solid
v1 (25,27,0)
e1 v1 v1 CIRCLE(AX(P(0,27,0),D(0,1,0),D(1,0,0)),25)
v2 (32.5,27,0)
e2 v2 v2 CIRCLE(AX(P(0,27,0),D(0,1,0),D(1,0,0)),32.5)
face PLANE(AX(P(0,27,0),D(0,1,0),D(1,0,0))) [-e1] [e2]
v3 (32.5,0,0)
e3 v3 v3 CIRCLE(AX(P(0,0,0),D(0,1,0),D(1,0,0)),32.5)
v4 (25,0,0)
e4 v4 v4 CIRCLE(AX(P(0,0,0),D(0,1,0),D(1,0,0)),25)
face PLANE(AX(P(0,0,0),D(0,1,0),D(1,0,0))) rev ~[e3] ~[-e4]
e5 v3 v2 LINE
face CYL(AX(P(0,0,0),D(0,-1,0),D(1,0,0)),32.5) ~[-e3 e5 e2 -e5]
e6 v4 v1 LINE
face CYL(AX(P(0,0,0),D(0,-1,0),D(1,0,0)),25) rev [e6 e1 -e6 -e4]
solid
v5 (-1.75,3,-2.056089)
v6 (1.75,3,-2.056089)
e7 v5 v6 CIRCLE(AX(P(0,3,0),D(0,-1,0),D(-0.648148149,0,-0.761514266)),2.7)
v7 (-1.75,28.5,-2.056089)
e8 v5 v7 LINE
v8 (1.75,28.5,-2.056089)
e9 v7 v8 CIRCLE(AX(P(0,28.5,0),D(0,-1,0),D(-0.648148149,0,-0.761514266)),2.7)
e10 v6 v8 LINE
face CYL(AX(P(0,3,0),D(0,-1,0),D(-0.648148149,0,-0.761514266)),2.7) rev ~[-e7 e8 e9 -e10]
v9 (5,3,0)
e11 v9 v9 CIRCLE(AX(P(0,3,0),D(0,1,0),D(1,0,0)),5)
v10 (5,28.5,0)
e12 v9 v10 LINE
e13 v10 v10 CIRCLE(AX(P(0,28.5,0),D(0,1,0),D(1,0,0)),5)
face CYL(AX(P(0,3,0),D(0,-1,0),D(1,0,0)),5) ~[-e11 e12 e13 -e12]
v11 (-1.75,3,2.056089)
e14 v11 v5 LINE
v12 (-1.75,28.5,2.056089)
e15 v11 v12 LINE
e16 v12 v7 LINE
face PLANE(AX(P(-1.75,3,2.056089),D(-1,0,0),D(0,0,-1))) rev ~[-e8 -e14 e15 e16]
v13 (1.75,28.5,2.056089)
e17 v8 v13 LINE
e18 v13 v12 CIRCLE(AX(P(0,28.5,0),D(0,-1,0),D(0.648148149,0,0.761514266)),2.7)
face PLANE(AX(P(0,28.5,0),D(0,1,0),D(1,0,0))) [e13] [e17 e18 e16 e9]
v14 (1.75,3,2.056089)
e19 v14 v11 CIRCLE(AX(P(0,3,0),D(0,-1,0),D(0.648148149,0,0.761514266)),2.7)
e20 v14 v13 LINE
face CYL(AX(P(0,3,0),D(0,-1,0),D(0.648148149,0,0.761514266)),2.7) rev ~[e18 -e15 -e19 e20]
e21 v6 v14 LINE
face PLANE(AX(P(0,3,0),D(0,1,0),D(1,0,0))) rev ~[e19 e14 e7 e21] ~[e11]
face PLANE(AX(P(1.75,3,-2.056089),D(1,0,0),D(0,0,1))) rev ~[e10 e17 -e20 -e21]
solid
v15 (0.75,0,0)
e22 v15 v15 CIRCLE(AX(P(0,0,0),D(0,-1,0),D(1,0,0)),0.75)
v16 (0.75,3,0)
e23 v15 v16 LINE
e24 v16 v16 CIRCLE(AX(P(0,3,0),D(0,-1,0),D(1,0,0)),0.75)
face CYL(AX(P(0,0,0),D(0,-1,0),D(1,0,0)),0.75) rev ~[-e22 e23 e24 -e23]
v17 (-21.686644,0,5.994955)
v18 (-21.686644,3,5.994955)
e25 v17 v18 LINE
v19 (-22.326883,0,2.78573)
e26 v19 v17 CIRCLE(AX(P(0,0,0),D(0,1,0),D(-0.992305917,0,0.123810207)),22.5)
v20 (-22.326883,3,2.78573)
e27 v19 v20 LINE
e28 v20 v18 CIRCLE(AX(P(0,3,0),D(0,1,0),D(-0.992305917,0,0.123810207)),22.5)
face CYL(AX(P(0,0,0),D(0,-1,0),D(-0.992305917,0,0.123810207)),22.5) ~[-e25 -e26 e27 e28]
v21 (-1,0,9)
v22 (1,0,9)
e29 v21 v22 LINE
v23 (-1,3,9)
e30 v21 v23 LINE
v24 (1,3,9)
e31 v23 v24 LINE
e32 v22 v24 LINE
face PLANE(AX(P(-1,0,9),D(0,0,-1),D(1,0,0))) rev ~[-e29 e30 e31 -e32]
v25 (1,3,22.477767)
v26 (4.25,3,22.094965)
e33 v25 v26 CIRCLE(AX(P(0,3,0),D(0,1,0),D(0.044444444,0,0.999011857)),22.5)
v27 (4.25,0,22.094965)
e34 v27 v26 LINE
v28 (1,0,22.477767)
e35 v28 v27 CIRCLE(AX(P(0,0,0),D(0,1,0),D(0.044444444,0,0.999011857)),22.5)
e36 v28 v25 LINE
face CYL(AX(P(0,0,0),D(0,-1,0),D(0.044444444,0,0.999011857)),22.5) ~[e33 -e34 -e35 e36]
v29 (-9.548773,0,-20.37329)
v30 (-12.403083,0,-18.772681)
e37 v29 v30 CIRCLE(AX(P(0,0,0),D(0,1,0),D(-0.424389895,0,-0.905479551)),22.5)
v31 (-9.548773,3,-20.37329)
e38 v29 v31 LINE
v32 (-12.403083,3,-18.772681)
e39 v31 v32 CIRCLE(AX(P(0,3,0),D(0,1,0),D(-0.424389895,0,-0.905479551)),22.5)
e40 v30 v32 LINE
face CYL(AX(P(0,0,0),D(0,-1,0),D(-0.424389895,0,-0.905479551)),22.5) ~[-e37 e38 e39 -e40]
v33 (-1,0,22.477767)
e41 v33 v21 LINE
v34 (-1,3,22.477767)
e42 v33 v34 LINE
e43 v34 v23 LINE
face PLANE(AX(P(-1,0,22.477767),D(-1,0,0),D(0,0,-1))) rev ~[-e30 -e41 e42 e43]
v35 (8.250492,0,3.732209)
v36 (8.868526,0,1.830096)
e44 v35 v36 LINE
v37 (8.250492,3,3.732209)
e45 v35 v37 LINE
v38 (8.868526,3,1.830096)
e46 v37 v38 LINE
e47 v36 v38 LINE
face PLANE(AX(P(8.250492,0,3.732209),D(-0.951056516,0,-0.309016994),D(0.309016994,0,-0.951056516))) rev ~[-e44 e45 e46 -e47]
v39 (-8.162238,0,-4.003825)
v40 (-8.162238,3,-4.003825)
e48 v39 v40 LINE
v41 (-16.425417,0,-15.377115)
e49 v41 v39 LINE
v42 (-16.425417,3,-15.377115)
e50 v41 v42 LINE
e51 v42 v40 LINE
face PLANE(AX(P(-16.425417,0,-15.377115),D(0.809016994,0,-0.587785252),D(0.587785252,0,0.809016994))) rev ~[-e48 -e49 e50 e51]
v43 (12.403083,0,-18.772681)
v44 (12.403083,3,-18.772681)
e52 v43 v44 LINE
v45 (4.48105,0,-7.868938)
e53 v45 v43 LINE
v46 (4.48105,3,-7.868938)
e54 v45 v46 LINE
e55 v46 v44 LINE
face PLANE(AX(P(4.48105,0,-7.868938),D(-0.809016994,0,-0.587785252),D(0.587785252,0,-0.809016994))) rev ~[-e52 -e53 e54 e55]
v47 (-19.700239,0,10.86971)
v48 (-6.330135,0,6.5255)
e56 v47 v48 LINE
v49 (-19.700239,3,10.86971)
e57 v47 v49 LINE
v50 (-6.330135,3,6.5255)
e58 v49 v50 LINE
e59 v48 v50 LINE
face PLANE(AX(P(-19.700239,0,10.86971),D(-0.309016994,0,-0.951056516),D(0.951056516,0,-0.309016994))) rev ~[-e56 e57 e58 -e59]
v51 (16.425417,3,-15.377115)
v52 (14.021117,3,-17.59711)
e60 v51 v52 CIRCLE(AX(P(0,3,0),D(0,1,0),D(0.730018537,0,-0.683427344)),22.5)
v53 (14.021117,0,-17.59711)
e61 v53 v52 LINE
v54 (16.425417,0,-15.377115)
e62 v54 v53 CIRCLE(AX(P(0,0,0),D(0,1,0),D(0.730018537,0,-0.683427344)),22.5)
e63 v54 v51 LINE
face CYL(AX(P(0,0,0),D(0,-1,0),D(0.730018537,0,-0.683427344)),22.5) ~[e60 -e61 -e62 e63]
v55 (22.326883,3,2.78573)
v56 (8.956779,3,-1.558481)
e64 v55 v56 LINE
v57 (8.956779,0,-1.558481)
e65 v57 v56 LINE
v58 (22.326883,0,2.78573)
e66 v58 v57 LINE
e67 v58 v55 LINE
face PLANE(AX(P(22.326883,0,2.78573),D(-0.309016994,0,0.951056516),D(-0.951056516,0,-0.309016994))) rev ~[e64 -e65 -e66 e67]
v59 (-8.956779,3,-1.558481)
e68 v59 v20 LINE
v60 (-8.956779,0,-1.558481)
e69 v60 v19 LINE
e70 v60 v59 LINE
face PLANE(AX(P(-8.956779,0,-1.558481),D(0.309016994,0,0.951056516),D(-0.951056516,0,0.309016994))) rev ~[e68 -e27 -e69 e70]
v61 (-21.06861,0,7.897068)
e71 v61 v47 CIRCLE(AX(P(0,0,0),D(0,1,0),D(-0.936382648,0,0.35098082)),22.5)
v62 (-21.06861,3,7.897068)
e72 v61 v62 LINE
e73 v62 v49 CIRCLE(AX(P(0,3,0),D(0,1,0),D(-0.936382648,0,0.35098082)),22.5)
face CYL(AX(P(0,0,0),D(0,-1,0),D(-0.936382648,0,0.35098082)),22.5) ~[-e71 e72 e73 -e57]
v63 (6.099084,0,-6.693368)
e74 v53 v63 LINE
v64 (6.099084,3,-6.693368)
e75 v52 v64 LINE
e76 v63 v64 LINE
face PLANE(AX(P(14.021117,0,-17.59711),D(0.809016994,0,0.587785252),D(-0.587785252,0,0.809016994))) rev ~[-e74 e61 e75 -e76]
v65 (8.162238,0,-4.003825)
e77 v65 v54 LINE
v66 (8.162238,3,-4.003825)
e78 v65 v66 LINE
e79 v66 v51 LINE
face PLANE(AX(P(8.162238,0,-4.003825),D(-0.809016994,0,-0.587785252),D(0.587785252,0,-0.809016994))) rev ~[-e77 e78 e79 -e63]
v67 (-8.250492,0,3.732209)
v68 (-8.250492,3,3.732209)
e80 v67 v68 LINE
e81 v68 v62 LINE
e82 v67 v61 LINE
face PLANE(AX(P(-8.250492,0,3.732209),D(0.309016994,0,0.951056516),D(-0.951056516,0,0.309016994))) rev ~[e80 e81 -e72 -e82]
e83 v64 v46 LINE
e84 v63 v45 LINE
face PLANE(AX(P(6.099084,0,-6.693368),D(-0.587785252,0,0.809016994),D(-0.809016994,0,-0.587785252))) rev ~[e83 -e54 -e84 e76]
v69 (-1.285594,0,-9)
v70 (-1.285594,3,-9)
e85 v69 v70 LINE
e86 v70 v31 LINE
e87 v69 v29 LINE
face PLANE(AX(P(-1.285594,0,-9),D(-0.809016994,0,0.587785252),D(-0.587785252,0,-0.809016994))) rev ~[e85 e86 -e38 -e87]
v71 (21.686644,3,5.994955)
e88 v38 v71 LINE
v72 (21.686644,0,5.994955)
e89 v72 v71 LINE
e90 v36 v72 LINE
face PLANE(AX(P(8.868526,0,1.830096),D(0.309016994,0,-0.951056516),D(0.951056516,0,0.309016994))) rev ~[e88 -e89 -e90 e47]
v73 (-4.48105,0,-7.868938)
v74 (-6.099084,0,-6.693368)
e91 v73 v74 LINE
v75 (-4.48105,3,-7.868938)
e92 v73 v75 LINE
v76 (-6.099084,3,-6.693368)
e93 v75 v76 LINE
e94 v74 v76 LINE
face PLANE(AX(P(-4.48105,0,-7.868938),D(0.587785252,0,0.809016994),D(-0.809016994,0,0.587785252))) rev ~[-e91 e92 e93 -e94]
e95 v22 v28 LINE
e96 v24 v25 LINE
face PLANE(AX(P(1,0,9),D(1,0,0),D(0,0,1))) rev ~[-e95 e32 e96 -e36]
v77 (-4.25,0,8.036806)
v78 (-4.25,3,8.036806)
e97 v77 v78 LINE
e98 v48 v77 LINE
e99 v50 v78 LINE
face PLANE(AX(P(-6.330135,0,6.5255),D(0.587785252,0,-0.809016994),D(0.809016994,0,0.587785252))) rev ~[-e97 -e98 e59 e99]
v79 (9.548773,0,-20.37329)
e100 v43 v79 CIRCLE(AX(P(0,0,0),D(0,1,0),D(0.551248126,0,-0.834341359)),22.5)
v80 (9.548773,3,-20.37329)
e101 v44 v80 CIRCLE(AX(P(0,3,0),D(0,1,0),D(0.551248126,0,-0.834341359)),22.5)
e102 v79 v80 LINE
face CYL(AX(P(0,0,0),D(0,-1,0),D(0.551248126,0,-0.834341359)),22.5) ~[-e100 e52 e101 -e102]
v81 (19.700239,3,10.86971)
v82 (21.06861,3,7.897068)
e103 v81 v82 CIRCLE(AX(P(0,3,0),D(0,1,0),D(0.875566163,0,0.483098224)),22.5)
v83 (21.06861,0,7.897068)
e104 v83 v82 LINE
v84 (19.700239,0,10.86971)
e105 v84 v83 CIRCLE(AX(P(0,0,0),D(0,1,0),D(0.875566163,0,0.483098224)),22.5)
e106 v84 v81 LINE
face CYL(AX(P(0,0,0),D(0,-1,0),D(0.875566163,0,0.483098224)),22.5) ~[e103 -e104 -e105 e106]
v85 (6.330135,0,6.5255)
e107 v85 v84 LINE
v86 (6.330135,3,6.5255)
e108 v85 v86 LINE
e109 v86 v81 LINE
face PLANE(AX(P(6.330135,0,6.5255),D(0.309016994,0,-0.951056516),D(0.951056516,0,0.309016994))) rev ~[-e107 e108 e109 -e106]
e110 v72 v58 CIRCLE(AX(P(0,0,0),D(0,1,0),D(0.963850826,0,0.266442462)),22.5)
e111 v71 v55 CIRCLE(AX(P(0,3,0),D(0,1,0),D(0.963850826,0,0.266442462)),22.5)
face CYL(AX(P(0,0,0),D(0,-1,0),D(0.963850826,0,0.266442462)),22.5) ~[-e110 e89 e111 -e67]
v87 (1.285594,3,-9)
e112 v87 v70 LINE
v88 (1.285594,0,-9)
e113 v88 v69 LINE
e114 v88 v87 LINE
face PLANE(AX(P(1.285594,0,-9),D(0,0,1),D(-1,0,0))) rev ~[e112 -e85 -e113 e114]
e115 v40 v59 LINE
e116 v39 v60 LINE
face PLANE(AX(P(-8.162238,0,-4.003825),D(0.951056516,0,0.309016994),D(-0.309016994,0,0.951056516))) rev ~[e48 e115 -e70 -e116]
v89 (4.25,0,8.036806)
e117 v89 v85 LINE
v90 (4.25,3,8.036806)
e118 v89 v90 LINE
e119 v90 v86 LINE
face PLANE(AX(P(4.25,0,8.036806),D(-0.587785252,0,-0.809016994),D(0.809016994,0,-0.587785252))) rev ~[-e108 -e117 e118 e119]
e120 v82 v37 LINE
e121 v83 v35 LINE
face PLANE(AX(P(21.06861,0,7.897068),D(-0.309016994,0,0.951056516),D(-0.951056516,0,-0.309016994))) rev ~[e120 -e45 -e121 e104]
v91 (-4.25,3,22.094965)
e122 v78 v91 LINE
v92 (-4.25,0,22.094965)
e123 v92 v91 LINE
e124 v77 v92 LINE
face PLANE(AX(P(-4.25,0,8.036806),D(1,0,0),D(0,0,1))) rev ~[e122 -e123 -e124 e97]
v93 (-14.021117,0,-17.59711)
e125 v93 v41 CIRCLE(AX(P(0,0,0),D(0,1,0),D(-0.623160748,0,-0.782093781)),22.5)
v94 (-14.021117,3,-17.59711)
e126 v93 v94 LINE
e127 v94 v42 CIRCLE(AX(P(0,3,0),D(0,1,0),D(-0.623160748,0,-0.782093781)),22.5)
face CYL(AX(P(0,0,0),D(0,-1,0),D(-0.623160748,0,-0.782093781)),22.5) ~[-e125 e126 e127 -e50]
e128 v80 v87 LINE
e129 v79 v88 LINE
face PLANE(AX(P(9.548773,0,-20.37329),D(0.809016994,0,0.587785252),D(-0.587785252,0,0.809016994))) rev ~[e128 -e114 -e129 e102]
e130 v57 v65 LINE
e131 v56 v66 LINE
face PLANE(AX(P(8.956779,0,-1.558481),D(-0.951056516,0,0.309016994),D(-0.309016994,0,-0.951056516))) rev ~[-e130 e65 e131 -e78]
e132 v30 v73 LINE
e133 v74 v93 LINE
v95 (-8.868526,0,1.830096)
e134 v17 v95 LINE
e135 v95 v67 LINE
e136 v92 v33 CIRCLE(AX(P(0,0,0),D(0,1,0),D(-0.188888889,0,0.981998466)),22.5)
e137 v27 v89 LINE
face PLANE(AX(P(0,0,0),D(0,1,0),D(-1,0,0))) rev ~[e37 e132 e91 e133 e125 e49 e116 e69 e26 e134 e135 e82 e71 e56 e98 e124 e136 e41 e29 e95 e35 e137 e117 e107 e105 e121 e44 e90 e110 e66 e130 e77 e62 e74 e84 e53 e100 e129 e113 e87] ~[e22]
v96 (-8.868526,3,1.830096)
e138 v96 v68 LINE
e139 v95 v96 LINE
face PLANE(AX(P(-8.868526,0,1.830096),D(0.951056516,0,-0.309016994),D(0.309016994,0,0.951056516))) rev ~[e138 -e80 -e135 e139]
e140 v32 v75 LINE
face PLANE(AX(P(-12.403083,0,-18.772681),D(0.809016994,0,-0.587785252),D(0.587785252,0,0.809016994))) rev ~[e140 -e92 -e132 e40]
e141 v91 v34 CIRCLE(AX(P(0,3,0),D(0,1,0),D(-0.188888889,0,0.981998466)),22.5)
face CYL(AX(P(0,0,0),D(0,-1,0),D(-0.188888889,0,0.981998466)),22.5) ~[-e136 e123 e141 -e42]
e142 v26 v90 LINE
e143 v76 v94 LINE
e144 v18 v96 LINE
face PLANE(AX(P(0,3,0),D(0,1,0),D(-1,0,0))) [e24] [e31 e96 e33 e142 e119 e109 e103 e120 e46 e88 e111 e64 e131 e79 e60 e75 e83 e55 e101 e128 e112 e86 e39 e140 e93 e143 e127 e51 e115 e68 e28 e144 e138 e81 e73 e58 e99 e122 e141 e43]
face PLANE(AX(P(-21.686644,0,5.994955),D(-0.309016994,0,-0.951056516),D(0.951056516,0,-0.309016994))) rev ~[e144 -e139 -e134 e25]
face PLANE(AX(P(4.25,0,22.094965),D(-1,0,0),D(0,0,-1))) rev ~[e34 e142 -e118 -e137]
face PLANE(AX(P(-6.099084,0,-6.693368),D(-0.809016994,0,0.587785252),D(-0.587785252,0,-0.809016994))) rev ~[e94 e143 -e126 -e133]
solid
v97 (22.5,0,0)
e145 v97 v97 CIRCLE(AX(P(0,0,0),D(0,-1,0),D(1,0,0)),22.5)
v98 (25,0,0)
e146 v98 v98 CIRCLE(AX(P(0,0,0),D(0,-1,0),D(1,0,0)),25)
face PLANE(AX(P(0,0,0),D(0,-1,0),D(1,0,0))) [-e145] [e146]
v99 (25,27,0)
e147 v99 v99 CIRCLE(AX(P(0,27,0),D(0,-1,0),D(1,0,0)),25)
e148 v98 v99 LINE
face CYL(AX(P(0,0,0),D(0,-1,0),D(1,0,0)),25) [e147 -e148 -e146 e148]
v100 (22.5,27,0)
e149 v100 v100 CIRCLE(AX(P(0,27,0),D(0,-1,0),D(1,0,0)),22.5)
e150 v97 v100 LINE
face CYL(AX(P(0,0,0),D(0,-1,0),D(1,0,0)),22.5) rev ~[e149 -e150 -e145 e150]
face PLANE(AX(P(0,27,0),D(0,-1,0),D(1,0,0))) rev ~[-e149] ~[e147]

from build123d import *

# Parameters (mm, degrees)
SKETCH1_R           = 32.5
SKETCH1_R_2         = 25
BOSS_EXTRUDE1_DEPTH = 27
SKETCH2_R           = 25
SKETCH2_R_2         = 22.5
BOSS_EXTRUDE2_DEPTH = 27
BOSS_EXTRUDE3_DEPTH = 3
SKETCH4_R           = 0.75
CUT_EXTRUDE1_DEPTH  = 3
SKETCH5_R           = 5
BOSS_EXTRUDE4_DEPTH = 25.5


with BuildPart() as part:
    # Sketch1 → Boss-Extrude1 (new body)
    with BuildSketch(Plane(origin=(0, 0, 0), x_dir=(1, 0, 0), z_dir=(0, 1, 0))):
        Circle(SKETCH1_R)
        Circle(SKETCH1_R_2, mode=Mode.SUBTRACT)
    extrude(amount=BOSS_EXTRUDE1_DEPTH)


with BuildPart() as body_2:
    # Sketch2 → Boss-Extrude2 (new body)
    with BuildSketch(Plane.XZ):
        Circle(SKETCH2_R)
        Circle(SKETCH2_R_2, mode=Mode.SUBTRACT)
    extrude(amount=-BOSS_EXTRUDE2_DEPTH)


with BuildPart() as body_3:
    # Sketch3 → Boss-Extrude3 (new body)
    with BuildSketch(Plane.XZ):
        with BuildLine():
            Line((4.25, 8.036806053), (6.330134541, 6.525499845))
            Line((6.330134541, 6.525499845), (19.70023868, 10.869710021))
            ThreePointArc((19.70023868, 10.869710021), (20.438539496, 9.408299702), (21.068609586, 7.897068451))
            Line((21.068609586, 7.897068451), (8.250491652, 3.732209466))
            Line((8.250491652, 3.732209466), (8.868525641, 1.830096433))
            Line((8.868525641, 1.830096433), (21.686643575, 5.994955418))
            ThreePointArc((21.686643575, 5.994955418), (22.065185606, 4.401997747), (22.326883133, 2.785729632))
            Line((22.326883133, 2.785729632), (8.956778993, -1.558480543))
            Line((8.956778993, -1.558480543), (8.1622383, -4.003825356))
            Line((8.1622383, -4.003825356), (16.425417091, -15.377115249))
            ThreePointArc((16.425417091, -15.377115249), (15.263680783, -16.530881675), (14.02111682, -17.597110079))
            Line((14.02111682, -17.597110079), (6.099084265, -6.693367697))
            Line((6.099084265, -6.693367697), (4.481050276, -7.868938202))
            Line((4.481050276, -7.868938202), (12.403082831, -18.772680583))
            ThreePointArc((12.403082831, -18.772680583), (11.005065978, -19.624946441), (9.548772639, -20.373289894))
            Line((9.548772639, -20.373289894), (1.285593848, -9))
            Line((1.285593848, -9), (-1.285593848, -9))
            Line((-1.285593848, -9), (-9.548772639, -20.373289894))
            ThreePointArc((-9.548772639, -20.373289894), (-11.005065978, -19.624946441), (-12.403082831, -18.772680583))
            Line((-12.403082831, -18.772680583), (-4.481050276, -7.868938202))
            Line((-4.481050276, -7.868938202), (-6.099084265, -6.693367697))
            Line((-6.099084265, -6.693367697), (-14.02111682, -17.597110079))
            ThreePointArc((-14.02111682, -17.597110079), (-15.263680783, -16.530881675), (-16.425417091, -15.377115249))
            Line((-16.425417091, -15.377115249), (-8.1622383, -4.003825356))
            Line((-8.1622383, -4.003825356), (-8.956778993, -1.558480543))
            Line((-8.956778993, -1.558480543), (-22.326883133, 2.785729632))
            ThreePointArc((-22.326883133, 2.785729632), (-22.065185606, 4.401997747), (-21.686643575, 5.994955418))
            Line((-21.686643575, 5.994955418), (-8.868525641, 1.830096433))
            Line((-8.868525641, 1.830096433), (-8.250491652, 3.732209466))
            Line((-8.250491652, 3.732209466), (-21.068609586, 7.897068451))
            ThreePointArc((-21.068609586, 7.897068451), (-20.438539496, 9.408299702), (-19.70023868, 10.869710021))
            Line((-19.70023868, 10.869710021), (-6.330134541, 6.525499845))
            Line((-6.330134541, 6.525499845), (-4.25, 8.036806053))
            Line((-4.25, 8.036806053), (-4.25, 22.09496549))
            ThreePointArc((-4.25, 22.09496549), (-2.631968695, 22.345530667), (-1, 22.477766793))
            Line((-1, 22.477766793), (-1, 9))
            Line((-1, 9), (1, 9))
            Line((1, 9), (1, 22.477766793))
            ThreePointArc((1, 22.477766793), (2.631968695, 22.345530667), (4.25, 22.09496549))
            Line((4.25, 22.09496549), (4.25, 8.036806053))
        make_face()
    extrude(amount=-BOSS_EXTRUDE3_DEPTH)

    # Sketch4 → Cut-Extrude1 (cut)
    with BuildSketch(Plane.XZ):
        Circle(SKETCH4_R)
    extrude(amount=-CUT_EXTRUDE1_DEPTH, mode=Mode.SUBTRACT)


with BuildPart() as body_4:
    # Sketch5 → Boss-Extrude4 (new body)
    with BuildSketch(Plane(origin=(0, 3, 0), x_dir=(1, 0, 0), z_dir=(0, 1, 0))):
        Circle(SKETCH5_R)
        with BuildLine():
            Line((1.75, 2.056088519), (1.75, -2.056088519))
            ThreePointArc((1.75, -2.056088519), (0, -2.7), (-1.75, -2.056088519))
            Line((-1.75, -2.056088519), (-1.75, 2.056088519))
            ThreePointArc((-1.75, 2.056088519), (0, 2.7), (1.75, 2.056088519))
        make_face(mode=Mode.SUBTRACT)
    extrude(amount=BOSS_EXTRUDE4_DEPTH)


solid = Compound([part.part, body_2.part, body_3.part, body_4.part])
